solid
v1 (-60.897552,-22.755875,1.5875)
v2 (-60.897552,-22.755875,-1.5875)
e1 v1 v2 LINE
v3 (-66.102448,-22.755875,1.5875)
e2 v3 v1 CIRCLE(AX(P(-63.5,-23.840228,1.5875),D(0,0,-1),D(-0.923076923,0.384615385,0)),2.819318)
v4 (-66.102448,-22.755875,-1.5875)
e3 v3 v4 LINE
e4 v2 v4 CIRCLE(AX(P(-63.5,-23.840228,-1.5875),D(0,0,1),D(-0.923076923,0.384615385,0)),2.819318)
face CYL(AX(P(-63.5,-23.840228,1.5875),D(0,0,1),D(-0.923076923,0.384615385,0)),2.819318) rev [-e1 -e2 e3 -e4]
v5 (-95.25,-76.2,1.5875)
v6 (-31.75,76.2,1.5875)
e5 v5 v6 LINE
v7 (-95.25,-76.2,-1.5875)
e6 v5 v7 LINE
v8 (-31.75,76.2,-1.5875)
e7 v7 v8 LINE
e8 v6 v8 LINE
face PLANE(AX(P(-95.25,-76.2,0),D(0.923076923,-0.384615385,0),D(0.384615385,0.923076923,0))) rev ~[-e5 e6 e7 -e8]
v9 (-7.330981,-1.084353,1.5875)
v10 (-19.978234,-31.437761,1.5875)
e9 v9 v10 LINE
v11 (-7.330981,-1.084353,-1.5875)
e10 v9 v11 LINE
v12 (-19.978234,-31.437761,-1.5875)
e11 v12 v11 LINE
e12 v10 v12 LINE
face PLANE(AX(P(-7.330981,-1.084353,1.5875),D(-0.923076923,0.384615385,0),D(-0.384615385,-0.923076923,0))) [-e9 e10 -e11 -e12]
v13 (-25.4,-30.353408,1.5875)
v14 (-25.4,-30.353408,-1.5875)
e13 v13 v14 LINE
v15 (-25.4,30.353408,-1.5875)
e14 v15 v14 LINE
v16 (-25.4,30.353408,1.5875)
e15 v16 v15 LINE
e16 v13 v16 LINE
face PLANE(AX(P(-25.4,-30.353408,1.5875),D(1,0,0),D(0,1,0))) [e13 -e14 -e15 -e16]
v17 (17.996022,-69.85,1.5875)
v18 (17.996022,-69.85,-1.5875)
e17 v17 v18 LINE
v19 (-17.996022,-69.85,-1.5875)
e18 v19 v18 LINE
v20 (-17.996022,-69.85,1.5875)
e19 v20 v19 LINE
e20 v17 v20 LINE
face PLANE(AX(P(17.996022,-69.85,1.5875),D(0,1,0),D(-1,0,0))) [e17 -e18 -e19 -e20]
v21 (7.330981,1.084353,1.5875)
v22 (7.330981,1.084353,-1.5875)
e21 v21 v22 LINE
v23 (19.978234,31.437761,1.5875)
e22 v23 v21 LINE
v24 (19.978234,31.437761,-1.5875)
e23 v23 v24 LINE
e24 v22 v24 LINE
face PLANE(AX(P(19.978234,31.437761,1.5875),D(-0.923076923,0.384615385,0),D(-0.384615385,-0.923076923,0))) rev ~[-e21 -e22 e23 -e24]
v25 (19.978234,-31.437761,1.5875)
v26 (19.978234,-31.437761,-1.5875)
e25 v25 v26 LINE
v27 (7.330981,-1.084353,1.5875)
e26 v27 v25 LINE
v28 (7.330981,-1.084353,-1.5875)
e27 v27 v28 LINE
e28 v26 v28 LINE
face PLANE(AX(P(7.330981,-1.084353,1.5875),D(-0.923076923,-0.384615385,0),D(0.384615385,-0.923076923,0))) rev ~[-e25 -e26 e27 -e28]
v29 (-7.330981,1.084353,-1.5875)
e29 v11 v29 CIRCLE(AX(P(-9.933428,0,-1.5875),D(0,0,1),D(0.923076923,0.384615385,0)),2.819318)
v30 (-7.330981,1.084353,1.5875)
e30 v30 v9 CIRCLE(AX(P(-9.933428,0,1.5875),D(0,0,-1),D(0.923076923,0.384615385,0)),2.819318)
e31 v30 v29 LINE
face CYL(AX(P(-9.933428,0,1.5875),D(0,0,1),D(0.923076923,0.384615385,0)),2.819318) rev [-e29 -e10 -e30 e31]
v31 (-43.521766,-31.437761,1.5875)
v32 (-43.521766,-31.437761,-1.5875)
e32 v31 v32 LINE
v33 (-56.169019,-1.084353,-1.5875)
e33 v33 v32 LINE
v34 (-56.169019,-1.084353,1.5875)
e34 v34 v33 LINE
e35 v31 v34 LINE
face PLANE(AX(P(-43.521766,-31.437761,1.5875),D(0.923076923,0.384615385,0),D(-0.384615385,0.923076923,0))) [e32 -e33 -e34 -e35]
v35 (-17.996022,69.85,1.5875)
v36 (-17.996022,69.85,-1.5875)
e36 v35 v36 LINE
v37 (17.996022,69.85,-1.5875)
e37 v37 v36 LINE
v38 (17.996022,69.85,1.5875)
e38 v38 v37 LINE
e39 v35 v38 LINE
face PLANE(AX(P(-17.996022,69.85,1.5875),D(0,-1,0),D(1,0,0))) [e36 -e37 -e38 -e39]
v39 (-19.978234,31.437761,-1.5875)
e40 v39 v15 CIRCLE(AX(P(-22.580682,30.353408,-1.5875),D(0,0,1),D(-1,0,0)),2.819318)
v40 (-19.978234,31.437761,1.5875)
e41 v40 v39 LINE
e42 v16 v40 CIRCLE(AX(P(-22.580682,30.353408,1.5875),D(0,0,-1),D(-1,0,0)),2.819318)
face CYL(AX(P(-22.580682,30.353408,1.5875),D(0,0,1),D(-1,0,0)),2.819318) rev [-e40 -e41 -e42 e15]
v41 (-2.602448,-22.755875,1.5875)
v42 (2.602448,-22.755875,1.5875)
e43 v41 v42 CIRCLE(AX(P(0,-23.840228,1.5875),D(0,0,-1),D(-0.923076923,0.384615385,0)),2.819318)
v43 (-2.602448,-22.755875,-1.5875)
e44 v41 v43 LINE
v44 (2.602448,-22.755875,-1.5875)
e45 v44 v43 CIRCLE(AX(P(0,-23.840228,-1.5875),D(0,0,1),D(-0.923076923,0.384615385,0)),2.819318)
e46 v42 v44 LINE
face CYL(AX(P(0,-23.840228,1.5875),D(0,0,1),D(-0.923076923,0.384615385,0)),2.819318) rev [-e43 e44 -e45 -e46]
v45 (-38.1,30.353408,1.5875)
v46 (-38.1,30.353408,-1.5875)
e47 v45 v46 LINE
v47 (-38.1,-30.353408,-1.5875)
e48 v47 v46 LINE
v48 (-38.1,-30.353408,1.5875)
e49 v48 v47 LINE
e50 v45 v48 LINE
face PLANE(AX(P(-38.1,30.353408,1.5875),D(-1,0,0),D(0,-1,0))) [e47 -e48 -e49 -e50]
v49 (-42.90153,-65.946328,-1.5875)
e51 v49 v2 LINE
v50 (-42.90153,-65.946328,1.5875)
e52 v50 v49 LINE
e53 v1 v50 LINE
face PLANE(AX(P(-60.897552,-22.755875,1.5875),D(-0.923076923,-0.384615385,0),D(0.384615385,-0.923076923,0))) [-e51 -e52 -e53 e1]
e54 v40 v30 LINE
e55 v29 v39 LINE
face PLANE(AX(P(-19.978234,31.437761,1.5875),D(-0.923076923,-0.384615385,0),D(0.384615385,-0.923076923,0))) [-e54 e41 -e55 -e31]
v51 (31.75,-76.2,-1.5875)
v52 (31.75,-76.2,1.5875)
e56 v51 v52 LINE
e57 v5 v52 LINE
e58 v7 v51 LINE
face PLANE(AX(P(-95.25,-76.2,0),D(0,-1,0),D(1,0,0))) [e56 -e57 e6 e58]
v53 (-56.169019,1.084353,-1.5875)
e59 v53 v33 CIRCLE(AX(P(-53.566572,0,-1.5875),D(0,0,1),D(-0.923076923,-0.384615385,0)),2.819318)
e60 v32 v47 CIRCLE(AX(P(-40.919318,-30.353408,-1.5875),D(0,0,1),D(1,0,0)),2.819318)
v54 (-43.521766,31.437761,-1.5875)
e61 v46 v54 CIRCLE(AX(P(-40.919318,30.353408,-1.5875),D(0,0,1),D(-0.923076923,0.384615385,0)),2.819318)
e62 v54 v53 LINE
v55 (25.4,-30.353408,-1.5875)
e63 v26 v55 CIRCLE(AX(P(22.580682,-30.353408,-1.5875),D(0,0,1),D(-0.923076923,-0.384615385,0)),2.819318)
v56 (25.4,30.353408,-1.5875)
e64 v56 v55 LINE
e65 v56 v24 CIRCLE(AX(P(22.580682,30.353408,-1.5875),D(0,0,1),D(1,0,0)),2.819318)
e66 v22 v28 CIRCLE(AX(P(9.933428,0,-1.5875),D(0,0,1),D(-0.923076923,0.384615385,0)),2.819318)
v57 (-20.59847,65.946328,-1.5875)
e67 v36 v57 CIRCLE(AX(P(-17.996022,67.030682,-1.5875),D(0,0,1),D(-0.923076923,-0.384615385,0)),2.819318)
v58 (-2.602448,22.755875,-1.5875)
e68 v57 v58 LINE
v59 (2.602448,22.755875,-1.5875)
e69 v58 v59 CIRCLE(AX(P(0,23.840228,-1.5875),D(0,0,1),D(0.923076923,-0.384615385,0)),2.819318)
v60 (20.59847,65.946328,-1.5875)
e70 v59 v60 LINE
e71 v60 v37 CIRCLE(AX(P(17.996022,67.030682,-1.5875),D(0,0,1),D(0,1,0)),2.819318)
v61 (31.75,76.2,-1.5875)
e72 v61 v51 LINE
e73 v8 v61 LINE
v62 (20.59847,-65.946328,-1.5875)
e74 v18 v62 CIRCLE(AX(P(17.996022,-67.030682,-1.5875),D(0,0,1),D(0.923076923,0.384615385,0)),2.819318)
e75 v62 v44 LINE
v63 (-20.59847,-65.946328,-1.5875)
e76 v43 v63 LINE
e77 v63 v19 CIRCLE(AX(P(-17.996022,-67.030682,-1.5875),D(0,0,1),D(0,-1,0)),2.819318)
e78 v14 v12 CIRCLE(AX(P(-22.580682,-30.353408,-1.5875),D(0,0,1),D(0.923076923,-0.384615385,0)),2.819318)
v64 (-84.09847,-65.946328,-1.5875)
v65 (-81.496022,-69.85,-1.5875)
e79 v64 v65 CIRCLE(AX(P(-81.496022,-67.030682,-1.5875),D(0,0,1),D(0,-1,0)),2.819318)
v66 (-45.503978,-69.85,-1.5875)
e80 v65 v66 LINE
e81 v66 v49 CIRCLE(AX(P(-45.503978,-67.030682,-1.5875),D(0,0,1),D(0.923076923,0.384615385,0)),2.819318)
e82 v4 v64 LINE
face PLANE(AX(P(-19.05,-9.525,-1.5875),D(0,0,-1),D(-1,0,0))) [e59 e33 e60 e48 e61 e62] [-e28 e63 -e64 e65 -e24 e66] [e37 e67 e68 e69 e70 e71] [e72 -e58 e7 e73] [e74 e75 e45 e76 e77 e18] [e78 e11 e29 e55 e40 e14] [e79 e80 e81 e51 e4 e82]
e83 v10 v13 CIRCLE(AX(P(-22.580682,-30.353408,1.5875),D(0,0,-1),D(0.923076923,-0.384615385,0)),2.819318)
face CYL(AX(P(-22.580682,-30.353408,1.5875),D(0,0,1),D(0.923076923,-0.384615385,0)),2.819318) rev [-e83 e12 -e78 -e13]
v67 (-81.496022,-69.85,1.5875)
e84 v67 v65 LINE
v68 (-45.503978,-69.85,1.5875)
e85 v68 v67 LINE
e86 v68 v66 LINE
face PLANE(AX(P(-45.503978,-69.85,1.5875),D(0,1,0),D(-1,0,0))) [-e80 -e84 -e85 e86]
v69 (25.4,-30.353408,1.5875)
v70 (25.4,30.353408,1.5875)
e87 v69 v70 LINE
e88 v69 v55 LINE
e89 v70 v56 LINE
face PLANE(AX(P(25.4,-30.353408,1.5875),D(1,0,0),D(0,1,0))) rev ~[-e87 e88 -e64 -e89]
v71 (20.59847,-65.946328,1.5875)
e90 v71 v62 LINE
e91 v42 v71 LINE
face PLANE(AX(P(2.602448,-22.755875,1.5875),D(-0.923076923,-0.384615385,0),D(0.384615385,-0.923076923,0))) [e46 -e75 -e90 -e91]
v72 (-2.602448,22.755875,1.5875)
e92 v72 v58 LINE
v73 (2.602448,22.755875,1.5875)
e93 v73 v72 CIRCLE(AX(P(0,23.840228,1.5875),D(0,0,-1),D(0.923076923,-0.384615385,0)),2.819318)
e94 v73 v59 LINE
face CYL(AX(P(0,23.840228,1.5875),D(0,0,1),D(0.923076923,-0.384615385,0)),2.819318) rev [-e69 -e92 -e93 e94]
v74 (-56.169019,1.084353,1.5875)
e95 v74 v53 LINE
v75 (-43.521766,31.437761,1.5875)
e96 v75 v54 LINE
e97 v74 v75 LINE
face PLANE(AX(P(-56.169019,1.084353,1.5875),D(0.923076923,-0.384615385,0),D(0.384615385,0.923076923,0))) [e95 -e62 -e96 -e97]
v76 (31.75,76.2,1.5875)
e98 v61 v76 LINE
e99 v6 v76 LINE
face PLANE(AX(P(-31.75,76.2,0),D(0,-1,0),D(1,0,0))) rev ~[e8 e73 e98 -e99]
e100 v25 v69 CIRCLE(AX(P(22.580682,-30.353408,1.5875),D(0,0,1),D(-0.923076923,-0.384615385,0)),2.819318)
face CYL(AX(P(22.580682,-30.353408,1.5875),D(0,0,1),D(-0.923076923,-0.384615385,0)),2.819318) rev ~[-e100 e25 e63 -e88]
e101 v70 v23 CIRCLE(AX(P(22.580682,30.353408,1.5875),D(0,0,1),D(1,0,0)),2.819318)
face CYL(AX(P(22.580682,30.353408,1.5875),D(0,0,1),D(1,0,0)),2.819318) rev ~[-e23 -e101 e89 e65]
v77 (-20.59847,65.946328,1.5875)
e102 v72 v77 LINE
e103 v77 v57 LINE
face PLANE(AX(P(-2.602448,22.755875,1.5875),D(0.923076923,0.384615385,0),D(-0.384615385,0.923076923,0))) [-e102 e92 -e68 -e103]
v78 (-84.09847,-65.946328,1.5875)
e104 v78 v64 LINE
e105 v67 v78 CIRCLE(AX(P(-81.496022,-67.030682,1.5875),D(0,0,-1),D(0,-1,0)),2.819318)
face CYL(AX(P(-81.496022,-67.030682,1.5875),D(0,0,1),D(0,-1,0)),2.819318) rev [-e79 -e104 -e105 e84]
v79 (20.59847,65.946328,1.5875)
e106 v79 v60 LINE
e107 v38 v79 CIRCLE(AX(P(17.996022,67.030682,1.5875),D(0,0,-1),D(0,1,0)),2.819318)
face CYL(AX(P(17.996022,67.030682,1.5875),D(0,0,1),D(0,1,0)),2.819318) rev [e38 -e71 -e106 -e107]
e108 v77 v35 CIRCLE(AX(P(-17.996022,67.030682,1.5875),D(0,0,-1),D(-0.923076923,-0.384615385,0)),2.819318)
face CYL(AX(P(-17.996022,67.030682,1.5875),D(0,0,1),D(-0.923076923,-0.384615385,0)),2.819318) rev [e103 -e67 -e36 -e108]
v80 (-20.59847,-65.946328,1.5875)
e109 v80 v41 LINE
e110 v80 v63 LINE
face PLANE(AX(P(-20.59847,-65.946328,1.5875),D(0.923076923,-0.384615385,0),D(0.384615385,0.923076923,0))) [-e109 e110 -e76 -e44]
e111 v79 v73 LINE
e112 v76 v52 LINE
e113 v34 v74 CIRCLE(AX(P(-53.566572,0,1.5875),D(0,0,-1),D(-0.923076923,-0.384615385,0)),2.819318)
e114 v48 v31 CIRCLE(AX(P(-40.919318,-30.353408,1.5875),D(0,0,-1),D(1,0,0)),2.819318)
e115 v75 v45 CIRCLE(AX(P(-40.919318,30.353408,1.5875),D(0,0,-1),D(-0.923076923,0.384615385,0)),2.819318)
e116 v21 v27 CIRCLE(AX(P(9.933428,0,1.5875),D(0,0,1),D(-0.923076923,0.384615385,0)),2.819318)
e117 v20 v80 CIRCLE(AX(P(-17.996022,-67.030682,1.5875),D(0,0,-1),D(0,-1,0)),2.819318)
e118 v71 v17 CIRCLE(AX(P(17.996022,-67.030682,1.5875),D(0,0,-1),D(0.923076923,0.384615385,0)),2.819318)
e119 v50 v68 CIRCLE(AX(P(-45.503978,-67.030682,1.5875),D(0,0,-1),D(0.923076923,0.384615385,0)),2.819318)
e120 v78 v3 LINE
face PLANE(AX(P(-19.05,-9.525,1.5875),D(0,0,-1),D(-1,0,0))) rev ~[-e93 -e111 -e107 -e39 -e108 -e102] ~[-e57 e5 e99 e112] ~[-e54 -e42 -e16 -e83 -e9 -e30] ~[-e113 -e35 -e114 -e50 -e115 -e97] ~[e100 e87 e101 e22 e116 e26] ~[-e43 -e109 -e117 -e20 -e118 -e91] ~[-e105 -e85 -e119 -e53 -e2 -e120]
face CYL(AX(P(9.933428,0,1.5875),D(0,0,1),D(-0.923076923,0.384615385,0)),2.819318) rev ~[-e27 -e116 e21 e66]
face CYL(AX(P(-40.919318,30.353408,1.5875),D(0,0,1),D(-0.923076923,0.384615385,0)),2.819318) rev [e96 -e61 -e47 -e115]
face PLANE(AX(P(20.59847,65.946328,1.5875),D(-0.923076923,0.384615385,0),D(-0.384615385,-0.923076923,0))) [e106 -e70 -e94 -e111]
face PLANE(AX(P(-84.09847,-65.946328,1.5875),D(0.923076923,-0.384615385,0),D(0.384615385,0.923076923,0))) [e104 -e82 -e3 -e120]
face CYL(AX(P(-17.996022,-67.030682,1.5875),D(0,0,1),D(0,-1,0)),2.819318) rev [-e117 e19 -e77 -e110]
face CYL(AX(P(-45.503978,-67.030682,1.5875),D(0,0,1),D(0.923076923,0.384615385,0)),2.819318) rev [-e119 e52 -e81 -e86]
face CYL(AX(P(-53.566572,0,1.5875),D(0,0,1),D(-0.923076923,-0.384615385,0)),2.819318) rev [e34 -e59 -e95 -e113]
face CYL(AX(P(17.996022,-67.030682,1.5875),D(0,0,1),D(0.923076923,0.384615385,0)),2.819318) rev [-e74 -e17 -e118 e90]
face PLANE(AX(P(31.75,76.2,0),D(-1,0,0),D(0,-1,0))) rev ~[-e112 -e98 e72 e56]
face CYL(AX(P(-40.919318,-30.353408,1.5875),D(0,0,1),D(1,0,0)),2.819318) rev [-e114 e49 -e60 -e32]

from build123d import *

# Parameters (mm, degrees)
BOSS_EXTRUDE1_DEPTH = 1.5875
CUT_EXTRUDE1_DEPTH  = 5.08


with BuildPart() as part:
    # Sketch2 → Boss-Extrude1 (new body, symmetric)
    with BuildSketch(Plane.XY):
        Polygon((-31.75, -76.2), (-95.25, -76.2), (-31.75, 76.2), (31.75, 76.2), (31.75, -76.2), align=None)
    extrude(amount=BOSS_EXTRUDE1_DEPTH, both=True)

    # Sketch3 → Cut-Extrude1 (cut)
    with BuildSketch(Plane.XY.offset(1.5875)):
        with BuildLine():
            Line((-60.897552188, -22.755874748), (-42.901529882, -65.946328282))
            ThreePointArc((-42.901529882, -65.946328282), (-43.158162937, -68.594558042), (-45.503977694, -69.85))
            Line((-45.503977694, -69.85), (-81.496022306, -69.85))
            ThreePointArc((-81.496022306, -69.85), (-83.841837063, -68.594558042), (-84.098470118, -65.946328282))
            Line((-84.098470118, -65.946328282), (-66.102447812, -22.755874748))
            ThreePointArc((-66.102447812, -22.755874748), (-63.5, -21.020909541), (-60.897552188, -22.755874748))
        make_face()
        with BuildLine():
            ThreePointArc((-25.4, 30.353407686), (-23.133595378, 33.117976889), (-19.978233725, 31.437760941))
            Line((-19.978233725, 31.437760941), (-7.330980523, 1.084353255))
            ThreePointArc((-7.330980523, 1.084353255), (-7.114109872, 0), (-7.330980523, -1.084353255))
            Line((-7.330980523, -1.084353255), (-19.978233725, -31.437760941))
            ThreePointArc((-19.978233725, -31.437760941), (-23.133595378, -33.117976889), (-25.4, -30.353407686))
            Line((-25.4, -30.353407686), (-25.4, 30.353407686))
        make_face()
        with BuildLine():
            ThreePointArc((-20.598470118, 65.946328282), (-20.341837063, 68.594558042), (-17.996022306, 69.85))
            Line((-17.996022306, 69.85), (17.996022306, 69.85))
            ThreePointArc((17.996022306, 69.85), (20.341837063, 68.594558042), (20.598470118, 65.946328282))
            Line((20.598470118, 65.946328282), (2.602447812, 22.755874748))
            ThreePointArc((2.602447812, 22.755874748), (0, 21.020909541), (-2.602447812, 22.755874748))
            Line((-2.602447812, 22.755874748), (-20.598470118, 65.946328282))
        make_face()
        with BuildLine():
            ThreePointArc((-2.602447812, -22.755874748), (0, -21.020909541), (2.602447812, -22.755874748))
            Line((2.602447812, -22.755874748), (20.598470118, -65.946328282))
            ThreePointArc((20.598470118, -65.946328282), (20.341837063, -68.594558042), (17.996022306, -69.85))
            Line((17.996022306, -69.85), (-17.996022306, -69.85))
            ThreePointArc((-17.996022306, -69.85), (-20.341837063, -68.594558042), (-20.598470118, -65.946328282))
            Line((-20.598470118, -65.946328282), (-2.602447812, -22.755874748))
        make_face()
        with BuildLine():
            Line((-38.1, 30.353407686), (-38.1, -30.353407686))
            ThreePointArc((-38.1, -30.353407686), (-40.366404622, -33.117976889), (-43.521766275, -31.437760941))
            Line((-43.521766275, -31.437760941), (-56.169019477, -1.084353255))
            ThreePointArc((-56.169019477, -1.084353255), (-56.385890128, 0), (-56.169019477, 1.084353255))
            Line((-56.169019477, 1.084353255), (-43.521766275, 31.437760941))
            ThreePointArc((-43.521766275, 31.437760941), (-40.366404622, 33.117976889), (-38.1, 30.353407686))
        make_face()
        with BuildLine():
            Line((25.4, -30.353407686), (25.4, 30.353407686))
            ThreePointArc((25.4, 30.353407686), (23.133595378, 33.117976889), (19.978233725, 31.437760941))
            Line((19.978233725, 31.437760941), (7.330980523, 1.084353255))
            ThreePointArc((7.330980523, 1.084353255), (7.114109872, 0), (7.330980523, -1.084353255))
            Line((7.330980523, -1.084353255), (19.978233725, -31.437760941))
            ThreePointArc((19.978233725, -31.437760941), (23.133595378, -33.117976889), (25.4, -30.353407686))
        make_face()
    extrude(amount=-CUT_EXTRUDE1_DEPTH, mode=Mode.SUBTRACT)


solid = part.part
